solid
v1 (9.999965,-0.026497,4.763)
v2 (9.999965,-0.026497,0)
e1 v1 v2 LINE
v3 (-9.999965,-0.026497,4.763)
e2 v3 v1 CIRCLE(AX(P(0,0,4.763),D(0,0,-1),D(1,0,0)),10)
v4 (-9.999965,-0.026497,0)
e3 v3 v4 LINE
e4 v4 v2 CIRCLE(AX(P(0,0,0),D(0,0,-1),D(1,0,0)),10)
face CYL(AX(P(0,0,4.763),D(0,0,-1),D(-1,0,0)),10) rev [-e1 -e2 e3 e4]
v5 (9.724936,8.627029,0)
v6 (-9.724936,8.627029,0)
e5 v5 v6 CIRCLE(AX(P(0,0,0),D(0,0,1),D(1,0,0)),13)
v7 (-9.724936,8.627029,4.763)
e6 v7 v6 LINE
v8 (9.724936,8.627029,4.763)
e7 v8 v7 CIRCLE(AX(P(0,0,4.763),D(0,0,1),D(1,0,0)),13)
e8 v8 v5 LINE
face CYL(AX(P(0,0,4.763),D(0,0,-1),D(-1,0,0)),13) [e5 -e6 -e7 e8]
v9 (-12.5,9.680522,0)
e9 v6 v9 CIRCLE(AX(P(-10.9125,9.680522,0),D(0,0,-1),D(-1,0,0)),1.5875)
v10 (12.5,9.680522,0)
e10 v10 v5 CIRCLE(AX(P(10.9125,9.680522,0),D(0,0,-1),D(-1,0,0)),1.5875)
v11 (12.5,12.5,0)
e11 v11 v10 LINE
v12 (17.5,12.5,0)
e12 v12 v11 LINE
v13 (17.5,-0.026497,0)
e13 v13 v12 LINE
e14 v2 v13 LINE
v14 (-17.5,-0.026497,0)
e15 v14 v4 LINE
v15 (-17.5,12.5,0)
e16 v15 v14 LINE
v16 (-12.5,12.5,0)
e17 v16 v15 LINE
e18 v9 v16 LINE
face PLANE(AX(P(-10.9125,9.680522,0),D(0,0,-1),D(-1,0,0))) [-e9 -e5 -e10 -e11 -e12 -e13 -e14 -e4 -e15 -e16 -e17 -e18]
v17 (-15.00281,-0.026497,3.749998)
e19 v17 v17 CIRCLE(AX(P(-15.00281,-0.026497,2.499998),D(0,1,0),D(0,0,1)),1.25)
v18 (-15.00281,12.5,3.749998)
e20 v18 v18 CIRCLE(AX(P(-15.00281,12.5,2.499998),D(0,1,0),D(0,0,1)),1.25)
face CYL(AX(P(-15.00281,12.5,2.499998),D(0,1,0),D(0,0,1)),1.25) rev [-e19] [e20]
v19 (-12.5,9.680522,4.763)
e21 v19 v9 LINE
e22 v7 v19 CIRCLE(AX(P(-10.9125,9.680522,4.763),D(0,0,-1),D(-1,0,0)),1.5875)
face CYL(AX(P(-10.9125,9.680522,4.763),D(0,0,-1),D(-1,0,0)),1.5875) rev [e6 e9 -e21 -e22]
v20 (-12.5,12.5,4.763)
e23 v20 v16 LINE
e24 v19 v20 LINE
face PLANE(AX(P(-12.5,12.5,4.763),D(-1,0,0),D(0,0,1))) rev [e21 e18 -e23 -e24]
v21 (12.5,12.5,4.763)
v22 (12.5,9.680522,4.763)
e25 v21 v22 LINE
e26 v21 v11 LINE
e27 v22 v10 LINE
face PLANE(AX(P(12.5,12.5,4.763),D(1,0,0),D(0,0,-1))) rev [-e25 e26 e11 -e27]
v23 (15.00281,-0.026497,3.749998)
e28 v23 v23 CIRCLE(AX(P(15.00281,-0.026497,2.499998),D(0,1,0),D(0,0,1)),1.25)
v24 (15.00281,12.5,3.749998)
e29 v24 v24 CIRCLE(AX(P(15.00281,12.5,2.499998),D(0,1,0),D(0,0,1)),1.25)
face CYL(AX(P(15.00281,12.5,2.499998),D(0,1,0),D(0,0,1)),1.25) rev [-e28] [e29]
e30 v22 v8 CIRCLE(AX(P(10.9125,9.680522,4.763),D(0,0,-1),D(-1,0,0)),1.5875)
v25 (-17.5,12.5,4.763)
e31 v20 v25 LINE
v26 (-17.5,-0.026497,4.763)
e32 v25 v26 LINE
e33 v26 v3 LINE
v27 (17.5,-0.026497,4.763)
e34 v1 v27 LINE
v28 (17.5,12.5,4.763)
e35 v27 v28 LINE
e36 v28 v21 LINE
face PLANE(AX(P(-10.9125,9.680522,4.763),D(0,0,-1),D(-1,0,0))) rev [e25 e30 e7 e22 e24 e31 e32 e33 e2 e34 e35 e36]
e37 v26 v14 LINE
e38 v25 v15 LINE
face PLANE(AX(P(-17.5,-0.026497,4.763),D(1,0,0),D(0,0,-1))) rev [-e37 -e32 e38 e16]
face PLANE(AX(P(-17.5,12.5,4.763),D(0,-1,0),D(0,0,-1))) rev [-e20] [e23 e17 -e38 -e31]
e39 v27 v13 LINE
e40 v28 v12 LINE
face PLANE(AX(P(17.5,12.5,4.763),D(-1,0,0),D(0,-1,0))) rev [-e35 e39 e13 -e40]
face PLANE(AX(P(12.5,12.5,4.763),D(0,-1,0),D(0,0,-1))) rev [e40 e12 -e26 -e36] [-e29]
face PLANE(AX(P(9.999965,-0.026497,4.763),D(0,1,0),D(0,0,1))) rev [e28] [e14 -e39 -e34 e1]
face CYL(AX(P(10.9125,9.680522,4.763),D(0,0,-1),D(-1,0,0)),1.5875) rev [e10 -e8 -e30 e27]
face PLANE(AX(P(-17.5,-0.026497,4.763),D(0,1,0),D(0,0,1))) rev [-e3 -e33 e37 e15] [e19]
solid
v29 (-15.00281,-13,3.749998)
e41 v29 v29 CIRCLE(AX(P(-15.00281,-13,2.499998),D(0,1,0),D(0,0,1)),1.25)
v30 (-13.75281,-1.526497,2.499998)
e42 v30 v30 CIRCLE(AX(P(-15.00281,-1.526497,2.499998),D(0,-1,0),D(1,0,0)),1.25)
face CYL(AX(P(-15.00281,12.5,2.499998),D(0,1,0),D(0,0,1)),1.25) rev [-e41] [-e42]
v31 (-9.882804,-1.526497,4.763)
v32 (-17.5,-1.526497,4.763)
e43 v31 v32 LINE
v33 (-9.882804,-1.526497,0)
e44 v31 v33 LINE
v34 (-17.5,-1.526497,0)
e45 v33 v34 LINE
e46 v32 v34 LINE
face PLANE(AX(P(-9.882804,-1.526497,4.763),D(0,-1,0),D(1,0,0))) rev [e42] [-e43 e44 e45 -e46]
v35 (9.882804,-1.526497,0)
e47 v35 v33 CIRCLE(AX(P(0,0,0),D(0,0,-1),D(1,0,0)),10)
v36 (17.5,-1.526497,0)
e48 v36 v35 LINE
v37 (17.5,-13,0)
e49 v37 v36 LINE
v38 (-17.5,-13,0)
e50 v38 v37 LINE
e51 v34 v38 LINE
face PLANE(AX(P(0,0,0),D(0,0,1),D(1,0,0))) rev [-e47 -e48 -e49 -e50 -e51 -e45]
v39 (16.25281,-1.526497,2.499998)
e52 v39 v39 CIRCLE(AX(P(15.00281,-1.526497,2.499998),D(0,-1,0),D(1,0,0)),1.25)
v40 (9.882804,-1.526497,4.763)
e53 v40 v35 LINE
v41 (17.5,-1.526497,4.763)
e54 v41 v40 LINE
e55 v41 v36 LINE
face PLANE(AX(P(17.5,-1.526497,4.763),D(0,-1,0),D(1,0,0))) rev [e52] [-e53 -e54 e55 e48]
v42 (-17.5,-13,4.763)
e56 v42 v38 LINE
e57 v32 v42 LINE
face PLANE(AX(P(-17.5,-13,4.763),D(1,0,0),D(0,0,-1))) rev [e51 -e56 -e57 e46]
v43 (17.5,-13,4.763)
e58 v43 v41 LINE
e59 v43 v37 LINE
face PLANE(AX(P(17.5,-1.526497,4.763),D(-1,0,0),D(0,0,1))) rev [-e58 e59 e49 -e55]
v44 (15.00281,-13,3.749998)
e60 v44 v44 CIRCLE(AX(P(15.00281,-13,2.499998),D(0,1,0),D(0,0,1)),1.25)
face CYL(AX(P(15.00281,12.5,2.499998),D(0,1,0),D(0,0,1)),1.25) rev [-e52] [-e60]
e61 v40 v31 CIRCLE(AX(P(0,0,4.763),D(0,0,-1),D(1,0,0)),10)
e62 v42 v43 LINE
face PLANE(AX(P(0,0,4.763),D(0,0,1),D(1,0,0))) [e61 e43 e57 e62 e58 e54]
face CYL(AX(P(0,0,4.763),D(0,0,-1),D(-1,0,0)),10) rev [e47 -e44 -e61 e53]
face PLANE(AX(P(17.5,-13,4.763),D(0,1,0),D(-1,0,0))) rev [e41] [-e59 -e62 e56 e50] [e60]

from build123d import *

# Parameters (mm, degrees)
BOSS_EXTRUDE1_DEPTH   = 4.763
BOSS_EXTRUDE1_2_DEPTH = 4.763
SKETCH4_W             = 1.25
SKETCH4_H             = 25.5
SKETCH6_W             = 1.25
SKETCH6_H             = 25.5


with BuildPart() as part:
    # Sketch1 → Boss-Extrude1 (new body)
    with BuildSketch(Plane.XY):
        with BuildLine():
            Line((-17.5, 12.5), (-12.5, 12.5))
            Line((-12.5, 12.5), (-12.5, 9.68052168))
            ThreePointArc((-12.5, 9.68052168), (-11.475926116, 8.196369645), (-9.724935733, 8.627028747))
            ThreePointArc((-9.724935733, 8.627028747), (0, 13), (9.724935733, 8.627028747))
            ThreePointArc((9.724935733, 8.627028747), (11.475926116, 8.196369645), (12.5, 9.68052168))
            Line((12.5, 9.68052168), (12.5, 12.5))
            Line((12.5, 12.5), (17.5, 12.5))
            Line((17.5, 12.5), (17.5, -0.026497455))
            Line((17.5, -0.026497455), (9.999964894, -0.026497455))
            ThreePointArc((9.999964894, -0.026497455), (0, 10), (-9.999964894, -0.026497455))
            Line((-9.999964894, -0.026497455), (-17.5, -0.026497455))
            Line((-17.5, -0.026497455), (-17.5, 12.5))
        make_face()
    extrude(amount=BOSS_EXTRUDE1_DEPTH)


with BuildPart() as body_2:
    # Sketch1 → Boss-Extrude1 2 (new body)
    with BuildSketch(Plane.XY):
        with BuildLine():
            Line((17.5, -13), (-17.5, -13))
            Line((-17.5, -13), (-17.5, -1.526497455))
            Line((-17.5, -1.526497455), (-9.882803525, -1.526497455))
            ThreePointArc((-9.882803525, -1.526497455), (0, -10), (9.882803525, -1.526497455))
            Line((9.882803525, -1.526497455), (17.5, -1.526497455))
            Line((17.5, -1.526497455), (17.5, -13))
        make_face()
    extrude(amount=BOSS_EXTRUDE1_2_DEPTH)


with BuildPart() as tap_drill_for_m3x0_5_tap2_tool:
    # Sketch4 → Tap Drill for M3x0.5 Tap2 (revolve)
    with BuildSketch(Plane(origin=(-15.002809954, 12.5, 2.499998421), x_dir=(0, 0, 1), z_dir=(1, 0, 0))):
        with Locations((0.625, 12.75)):
            Rectangle(SKETCH4_W, SKETCH4_H)
    revolve(axis=Axis((-15.002809954, 18.85, 2.499998421), (0, -1, 0)))


with BuildPart() as part_1:
    add(part.part)

    # Tap Drill for M3x0.5 Tap2: cut by tap_drill_for_m3x0_5_tap2_tool
    add(tap_drill_for_m3x0_5_tap2_tool.part, mode=Mode.SUBTRACT)


with BuildPart() as body_2_1:
    add(body_2.part)

    # Tap Drill for M3x0.5 Tap2: cut by tap_drill_for_m3x0_5_tap2_tool
    add(tap_drill_for_m3x0_5_tap2_tool.part, mode=Mode.SUBTRACT)


with BuildPart() as tap_drill_for_m3x0_5_tap3_tool:
    # Sketch6 → Tap Drill for M3x0.5 Tap3 (revolve)
    with BuildSketch(Plane(origin=(15.002809954, 12.5, 2.499998421), x_dir=(0, 0, 1), z_dir=(1, 0, 0))):
        with Locations((0.625, 12.75)):
            Rectangle(SKETCH6_W, SKETCH6_H)
    revolve(axis=Axis((15.002809954, 18.85, 2.499998421), (0, -1, 0)))


with BuildPart() as part_2:
    add(part_1.part)

    # Tap Drill for M3x0.5 Tap3: cut by tap_drill_for_m3x0_5_tap3_tool
    add(tap_drill_for_m3x0_5_tap3_tool.part, mode=Mode.SUBTRACT)


with BuildPart() as body_2_2:
    add(body_2_1.part)

    # Tap Drill for M3x0.5 Tap3: cut by tap_drill_for_m3x0_5_tap3_tool
    add(tap_drill_for_m3x0_5_tap3_tool.part, mode=Mode.SUBTRACT)


solid = Compound([part_2.part, body_2_2.part])
